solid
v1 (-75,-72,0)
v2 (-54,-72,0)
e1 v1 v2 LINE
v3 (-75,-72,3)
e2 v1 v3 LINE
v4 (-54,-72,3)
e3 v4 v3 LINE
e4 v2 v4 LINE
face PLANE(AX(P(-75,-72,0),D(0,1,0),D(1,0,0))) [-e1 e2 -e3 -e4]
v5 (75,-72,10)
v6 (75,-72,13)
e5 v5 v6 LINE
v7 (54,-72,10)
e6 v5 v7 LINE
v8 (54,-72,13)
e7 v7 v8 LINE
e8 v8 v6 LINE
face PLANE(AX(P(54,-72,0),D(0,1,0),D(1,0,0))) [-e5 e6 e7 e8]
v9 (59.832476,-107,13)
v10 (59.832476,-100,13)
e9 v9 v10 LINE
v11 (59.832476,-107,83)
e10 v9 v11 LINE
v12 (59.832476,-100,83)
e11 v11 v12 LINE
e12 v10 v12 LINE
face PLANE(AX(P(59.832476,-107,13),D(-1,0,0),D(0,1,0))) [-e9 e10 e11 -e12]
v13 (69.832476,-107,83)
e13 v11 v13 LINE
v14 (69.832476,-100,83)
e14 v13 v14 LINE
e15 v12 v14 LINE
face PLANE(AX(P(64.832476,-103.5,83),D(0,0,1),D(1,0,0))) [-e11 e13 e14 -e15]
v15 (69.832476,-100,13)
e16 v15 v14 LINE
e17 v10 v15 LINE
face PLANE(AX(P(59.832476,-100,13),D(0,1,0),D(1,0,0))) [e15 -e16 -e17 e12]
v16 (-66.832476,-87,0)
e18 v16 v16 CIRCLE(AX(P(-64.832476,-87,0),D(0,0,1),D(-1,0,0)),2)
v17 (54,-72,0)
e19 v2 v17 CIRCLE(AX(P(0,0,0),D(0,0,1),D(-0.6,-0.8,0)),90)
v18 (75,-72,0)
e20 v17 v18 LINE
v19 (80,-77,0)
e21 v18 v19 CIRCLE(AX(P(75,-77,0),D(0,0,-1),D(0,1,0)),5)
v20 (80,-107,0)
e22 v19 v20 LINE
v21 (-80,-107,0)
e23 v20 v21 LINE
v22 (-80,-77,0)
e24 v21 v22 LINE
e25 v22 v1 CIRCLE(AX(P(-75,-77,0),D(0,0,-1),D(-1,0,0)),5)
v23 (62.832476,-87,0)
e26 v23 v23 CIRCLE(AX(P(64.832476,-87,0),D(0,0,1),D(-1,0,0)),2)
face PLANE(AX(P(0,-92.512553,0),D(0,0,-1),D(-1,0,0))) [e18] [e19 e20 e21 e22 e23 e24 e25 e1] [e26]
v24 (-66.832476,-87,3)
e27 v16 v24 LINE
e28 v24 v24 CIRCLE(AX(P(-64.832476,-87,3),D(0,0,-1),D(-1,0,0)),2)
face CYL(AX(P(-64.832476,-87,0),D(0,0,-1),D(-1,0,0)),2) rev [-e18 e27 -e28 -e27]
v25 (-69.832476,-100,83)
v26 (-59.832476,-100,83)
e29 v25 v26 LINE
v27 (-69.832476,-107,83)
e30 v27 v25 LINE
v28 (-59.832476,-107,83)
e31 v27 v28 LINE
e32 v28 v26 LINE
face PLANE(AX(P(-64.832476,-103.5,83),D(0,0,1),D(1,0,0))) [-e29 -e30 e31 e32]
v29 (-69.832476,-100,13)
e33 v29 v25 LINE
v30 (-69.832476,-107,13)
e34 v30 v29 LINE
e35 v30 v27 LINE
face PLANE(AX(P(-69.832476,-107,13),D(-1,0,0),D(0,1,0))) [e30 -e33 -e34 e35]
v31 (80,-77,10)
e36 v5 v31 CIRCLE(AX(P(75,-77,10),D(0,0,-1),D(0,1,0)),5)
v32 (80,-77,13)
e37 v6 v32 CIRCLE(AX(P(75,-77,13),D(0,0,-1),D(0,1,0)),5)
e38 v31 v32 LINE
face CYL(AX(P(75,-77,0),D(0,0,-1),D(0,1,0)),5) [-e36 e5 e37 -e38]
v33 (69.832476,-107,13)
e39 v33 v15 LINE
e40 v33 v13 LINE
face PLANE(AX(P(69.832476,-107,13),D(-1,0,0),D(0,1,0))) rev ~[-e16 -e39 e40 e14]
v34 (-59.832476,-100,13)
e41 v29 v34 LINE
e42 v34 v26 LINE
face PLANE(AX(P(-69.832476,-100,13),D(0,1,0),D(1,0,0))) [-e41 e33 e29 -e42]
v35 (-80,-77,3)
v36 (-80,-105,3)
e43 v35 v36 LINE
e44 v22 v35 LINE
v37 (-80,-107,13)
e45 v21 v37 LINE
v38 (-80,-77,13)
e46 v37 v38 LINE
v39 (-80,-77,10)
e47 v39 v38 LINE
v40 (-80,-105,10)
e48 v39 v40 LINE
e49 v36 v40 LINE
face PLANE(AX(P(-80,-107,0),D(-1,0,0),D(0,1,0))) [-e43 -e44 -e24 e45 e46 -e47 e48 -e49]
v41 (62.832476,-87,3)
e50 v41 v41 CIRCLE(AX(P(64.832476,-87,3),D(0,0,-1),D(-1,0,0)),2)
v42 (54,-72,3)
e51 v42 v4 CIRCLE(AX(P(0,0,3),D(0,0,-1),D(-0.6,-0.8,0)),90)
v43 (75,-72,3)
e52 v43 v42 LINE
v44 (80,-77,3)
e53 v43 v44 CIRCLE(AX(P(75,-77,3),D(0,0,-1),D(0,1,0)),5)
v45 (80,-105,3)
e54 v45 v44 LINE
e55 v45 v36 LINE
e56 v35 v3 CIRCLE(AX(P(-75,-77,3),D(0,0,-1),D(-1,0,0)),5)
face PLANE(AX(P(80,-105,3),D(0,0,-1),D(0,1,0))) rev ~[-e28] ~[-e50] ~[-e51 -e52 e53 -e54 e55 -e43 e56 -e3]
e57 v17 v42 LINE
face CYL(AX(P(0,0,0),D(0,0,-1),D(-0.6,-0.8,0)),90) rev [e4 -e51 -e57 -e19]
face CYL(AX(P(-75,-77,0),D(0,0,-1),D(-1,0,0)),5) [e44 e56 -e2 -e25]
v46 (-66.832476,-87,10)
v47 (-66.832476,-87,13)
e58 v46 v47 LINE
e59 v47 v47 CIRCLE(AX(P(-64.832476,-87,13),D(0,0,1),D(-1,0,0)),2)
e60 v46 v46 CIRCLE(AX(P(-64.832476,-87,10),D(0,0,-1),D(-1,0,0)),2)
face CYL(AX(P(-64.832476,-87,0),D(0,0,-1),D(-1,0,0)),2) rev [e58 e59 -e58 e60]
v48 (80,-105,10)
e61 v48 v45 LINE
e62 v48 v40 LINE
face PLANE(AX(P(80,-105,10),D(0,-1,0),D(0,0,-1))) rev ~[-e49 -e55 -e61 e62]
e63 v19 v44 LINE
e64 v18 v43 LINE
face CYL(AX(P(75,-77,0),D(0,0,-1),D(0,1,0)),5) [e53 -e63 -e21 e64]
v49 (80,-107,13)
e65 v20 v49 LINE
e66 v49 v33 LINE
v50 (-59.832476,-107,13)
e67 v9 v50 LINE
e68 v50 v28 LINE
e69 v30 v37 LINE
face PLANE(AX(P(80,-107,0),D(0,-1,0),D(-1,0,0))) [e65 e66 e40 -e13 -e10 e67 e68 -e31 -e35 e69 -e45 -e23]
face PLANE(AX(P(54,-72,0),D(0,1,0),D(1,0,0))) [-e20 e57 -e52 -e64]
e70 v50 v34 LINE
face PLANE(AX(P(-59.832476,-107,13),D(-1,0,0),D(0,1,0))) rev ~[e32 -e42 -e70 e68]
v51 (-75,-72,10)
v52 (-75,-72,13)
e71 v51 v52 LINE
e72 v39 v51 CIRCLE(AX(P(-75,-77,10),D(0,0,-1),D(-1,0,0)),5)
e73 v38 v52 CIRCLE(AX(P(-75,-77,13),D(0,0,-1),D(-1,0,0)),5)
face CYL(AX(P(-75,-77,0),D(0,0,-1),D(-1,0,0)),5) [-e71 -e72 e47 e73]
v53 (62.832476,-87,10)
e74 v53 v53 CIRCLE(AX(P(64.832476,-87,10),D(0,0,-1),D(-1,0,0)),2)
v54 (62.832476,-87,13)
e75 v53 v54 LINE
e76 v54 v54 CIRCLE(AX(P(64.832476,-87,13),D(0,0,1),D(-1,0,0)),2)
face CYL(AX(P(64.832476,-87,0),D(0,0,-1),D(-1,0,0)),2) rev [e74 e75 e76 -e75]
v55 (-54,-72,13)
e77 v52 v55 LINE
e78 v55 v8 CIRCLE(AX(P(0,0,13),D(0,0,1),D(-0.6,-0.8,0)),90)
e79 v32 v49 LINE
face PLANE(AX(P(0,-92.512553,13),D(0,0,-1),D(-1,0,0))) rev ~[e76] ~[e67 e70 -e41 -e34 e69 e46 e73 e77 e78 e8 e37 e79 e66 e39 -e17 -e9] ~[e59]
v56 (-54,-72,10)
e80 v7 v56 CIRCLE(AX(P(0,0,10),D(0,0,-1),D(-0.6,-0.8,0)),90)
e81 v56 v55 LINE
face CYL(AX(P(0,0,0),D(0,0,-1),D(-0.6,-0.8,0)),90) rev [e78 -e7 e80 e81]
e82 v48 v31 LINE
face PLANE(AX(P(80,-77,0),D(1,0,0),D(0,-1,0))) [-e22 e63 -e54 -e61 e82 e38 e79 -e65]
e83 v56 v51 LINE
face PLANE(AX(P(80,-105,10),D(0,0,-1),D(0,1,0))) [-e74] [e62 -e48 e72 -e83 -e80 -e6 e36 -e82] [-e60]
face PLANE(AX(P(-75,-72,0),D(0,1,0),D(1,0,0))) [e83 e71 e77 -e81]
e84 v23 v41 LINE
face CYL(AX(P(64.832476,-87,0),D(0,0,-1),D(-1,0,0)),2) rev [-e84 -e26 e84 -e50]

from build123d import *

# Parameters (mm, degrees)
SKETCH_1_R          = 2
EXTRUDE_1_DEPTH     = 13
SKETCH_2_W          = 7
SKETCH_2_H          = 34.84138361
CUT_EXTRUDE_1_DEPTH = 193.919672403
SKETCH_3_W          = 10
SKETCH_3_H          = 7
EXTRUDE_2_DEPTH     = 70


with BuildPart() as part:
    # 草图1 → 凸台-拉伸1 (new body)
    with BuildSketch(Plane.XY):
        with BuildLine():
            Line((54, -72), (75, -72))
            ThreePointArc((75, -72), (78.535533906, -73.464466094), (80, -77))
            Line((80, -77), (80, -107))
            Line((80, -107), (-80, -107))
            Line((-80, -107), (-80, -77))
            ThreePointArc((-80, -77), (-78.535533906, -73.464466094), (-75, -72))
            Line((-75, -72), (-54, -72))
            ThreePointArc((-54, -72), (0, -90), (54, -72))
        make_face()
        with Locations(Location((-64.83247643, -87, 0), (0, 0, 180))):
            Circle(SKETCH_1_R, mode=Mode.SUBTRACT)
        with Locations(Location((64.83247643, -87, 0), (0, 0, 180))):
            Circle(SKETCH_1_R, mode=Mode.SUBTRACT)
    extrude(amount=EXTRUDE_1_DEPTH)

    # 草图2 → 切除-拉伸1 (cut, through all)
    with BuildSketch(Plane(origin=(80, 0, 0), x_dir=(0, 0, -1), z_dir=(1, 0, 0))):
        with Locations((-6.5, -87.579308195)):
            Rectangle(SKETCH_2_W, SKETCH_2_H)
    extrude(amount=-CUT_EXTRUDE_1_DEPTH, mode=Mode.SUBTRACT)

    # 草图3 → 凸台-拉伸2 (add)
    with BuildSketch(Plane.XY.offset(13)):
        with Locations((-64.83247643, -103.5)):
            Rectangle(SKETCH_3_W, SKETCH_3_H)
        with Locations((64.83247643, -103.5)):
            Rectangle(SKETCH_3_W, SKETCH_3_H)
    extrude(amount=EXTRUDE_2_DEPTH)


solid = part.part
